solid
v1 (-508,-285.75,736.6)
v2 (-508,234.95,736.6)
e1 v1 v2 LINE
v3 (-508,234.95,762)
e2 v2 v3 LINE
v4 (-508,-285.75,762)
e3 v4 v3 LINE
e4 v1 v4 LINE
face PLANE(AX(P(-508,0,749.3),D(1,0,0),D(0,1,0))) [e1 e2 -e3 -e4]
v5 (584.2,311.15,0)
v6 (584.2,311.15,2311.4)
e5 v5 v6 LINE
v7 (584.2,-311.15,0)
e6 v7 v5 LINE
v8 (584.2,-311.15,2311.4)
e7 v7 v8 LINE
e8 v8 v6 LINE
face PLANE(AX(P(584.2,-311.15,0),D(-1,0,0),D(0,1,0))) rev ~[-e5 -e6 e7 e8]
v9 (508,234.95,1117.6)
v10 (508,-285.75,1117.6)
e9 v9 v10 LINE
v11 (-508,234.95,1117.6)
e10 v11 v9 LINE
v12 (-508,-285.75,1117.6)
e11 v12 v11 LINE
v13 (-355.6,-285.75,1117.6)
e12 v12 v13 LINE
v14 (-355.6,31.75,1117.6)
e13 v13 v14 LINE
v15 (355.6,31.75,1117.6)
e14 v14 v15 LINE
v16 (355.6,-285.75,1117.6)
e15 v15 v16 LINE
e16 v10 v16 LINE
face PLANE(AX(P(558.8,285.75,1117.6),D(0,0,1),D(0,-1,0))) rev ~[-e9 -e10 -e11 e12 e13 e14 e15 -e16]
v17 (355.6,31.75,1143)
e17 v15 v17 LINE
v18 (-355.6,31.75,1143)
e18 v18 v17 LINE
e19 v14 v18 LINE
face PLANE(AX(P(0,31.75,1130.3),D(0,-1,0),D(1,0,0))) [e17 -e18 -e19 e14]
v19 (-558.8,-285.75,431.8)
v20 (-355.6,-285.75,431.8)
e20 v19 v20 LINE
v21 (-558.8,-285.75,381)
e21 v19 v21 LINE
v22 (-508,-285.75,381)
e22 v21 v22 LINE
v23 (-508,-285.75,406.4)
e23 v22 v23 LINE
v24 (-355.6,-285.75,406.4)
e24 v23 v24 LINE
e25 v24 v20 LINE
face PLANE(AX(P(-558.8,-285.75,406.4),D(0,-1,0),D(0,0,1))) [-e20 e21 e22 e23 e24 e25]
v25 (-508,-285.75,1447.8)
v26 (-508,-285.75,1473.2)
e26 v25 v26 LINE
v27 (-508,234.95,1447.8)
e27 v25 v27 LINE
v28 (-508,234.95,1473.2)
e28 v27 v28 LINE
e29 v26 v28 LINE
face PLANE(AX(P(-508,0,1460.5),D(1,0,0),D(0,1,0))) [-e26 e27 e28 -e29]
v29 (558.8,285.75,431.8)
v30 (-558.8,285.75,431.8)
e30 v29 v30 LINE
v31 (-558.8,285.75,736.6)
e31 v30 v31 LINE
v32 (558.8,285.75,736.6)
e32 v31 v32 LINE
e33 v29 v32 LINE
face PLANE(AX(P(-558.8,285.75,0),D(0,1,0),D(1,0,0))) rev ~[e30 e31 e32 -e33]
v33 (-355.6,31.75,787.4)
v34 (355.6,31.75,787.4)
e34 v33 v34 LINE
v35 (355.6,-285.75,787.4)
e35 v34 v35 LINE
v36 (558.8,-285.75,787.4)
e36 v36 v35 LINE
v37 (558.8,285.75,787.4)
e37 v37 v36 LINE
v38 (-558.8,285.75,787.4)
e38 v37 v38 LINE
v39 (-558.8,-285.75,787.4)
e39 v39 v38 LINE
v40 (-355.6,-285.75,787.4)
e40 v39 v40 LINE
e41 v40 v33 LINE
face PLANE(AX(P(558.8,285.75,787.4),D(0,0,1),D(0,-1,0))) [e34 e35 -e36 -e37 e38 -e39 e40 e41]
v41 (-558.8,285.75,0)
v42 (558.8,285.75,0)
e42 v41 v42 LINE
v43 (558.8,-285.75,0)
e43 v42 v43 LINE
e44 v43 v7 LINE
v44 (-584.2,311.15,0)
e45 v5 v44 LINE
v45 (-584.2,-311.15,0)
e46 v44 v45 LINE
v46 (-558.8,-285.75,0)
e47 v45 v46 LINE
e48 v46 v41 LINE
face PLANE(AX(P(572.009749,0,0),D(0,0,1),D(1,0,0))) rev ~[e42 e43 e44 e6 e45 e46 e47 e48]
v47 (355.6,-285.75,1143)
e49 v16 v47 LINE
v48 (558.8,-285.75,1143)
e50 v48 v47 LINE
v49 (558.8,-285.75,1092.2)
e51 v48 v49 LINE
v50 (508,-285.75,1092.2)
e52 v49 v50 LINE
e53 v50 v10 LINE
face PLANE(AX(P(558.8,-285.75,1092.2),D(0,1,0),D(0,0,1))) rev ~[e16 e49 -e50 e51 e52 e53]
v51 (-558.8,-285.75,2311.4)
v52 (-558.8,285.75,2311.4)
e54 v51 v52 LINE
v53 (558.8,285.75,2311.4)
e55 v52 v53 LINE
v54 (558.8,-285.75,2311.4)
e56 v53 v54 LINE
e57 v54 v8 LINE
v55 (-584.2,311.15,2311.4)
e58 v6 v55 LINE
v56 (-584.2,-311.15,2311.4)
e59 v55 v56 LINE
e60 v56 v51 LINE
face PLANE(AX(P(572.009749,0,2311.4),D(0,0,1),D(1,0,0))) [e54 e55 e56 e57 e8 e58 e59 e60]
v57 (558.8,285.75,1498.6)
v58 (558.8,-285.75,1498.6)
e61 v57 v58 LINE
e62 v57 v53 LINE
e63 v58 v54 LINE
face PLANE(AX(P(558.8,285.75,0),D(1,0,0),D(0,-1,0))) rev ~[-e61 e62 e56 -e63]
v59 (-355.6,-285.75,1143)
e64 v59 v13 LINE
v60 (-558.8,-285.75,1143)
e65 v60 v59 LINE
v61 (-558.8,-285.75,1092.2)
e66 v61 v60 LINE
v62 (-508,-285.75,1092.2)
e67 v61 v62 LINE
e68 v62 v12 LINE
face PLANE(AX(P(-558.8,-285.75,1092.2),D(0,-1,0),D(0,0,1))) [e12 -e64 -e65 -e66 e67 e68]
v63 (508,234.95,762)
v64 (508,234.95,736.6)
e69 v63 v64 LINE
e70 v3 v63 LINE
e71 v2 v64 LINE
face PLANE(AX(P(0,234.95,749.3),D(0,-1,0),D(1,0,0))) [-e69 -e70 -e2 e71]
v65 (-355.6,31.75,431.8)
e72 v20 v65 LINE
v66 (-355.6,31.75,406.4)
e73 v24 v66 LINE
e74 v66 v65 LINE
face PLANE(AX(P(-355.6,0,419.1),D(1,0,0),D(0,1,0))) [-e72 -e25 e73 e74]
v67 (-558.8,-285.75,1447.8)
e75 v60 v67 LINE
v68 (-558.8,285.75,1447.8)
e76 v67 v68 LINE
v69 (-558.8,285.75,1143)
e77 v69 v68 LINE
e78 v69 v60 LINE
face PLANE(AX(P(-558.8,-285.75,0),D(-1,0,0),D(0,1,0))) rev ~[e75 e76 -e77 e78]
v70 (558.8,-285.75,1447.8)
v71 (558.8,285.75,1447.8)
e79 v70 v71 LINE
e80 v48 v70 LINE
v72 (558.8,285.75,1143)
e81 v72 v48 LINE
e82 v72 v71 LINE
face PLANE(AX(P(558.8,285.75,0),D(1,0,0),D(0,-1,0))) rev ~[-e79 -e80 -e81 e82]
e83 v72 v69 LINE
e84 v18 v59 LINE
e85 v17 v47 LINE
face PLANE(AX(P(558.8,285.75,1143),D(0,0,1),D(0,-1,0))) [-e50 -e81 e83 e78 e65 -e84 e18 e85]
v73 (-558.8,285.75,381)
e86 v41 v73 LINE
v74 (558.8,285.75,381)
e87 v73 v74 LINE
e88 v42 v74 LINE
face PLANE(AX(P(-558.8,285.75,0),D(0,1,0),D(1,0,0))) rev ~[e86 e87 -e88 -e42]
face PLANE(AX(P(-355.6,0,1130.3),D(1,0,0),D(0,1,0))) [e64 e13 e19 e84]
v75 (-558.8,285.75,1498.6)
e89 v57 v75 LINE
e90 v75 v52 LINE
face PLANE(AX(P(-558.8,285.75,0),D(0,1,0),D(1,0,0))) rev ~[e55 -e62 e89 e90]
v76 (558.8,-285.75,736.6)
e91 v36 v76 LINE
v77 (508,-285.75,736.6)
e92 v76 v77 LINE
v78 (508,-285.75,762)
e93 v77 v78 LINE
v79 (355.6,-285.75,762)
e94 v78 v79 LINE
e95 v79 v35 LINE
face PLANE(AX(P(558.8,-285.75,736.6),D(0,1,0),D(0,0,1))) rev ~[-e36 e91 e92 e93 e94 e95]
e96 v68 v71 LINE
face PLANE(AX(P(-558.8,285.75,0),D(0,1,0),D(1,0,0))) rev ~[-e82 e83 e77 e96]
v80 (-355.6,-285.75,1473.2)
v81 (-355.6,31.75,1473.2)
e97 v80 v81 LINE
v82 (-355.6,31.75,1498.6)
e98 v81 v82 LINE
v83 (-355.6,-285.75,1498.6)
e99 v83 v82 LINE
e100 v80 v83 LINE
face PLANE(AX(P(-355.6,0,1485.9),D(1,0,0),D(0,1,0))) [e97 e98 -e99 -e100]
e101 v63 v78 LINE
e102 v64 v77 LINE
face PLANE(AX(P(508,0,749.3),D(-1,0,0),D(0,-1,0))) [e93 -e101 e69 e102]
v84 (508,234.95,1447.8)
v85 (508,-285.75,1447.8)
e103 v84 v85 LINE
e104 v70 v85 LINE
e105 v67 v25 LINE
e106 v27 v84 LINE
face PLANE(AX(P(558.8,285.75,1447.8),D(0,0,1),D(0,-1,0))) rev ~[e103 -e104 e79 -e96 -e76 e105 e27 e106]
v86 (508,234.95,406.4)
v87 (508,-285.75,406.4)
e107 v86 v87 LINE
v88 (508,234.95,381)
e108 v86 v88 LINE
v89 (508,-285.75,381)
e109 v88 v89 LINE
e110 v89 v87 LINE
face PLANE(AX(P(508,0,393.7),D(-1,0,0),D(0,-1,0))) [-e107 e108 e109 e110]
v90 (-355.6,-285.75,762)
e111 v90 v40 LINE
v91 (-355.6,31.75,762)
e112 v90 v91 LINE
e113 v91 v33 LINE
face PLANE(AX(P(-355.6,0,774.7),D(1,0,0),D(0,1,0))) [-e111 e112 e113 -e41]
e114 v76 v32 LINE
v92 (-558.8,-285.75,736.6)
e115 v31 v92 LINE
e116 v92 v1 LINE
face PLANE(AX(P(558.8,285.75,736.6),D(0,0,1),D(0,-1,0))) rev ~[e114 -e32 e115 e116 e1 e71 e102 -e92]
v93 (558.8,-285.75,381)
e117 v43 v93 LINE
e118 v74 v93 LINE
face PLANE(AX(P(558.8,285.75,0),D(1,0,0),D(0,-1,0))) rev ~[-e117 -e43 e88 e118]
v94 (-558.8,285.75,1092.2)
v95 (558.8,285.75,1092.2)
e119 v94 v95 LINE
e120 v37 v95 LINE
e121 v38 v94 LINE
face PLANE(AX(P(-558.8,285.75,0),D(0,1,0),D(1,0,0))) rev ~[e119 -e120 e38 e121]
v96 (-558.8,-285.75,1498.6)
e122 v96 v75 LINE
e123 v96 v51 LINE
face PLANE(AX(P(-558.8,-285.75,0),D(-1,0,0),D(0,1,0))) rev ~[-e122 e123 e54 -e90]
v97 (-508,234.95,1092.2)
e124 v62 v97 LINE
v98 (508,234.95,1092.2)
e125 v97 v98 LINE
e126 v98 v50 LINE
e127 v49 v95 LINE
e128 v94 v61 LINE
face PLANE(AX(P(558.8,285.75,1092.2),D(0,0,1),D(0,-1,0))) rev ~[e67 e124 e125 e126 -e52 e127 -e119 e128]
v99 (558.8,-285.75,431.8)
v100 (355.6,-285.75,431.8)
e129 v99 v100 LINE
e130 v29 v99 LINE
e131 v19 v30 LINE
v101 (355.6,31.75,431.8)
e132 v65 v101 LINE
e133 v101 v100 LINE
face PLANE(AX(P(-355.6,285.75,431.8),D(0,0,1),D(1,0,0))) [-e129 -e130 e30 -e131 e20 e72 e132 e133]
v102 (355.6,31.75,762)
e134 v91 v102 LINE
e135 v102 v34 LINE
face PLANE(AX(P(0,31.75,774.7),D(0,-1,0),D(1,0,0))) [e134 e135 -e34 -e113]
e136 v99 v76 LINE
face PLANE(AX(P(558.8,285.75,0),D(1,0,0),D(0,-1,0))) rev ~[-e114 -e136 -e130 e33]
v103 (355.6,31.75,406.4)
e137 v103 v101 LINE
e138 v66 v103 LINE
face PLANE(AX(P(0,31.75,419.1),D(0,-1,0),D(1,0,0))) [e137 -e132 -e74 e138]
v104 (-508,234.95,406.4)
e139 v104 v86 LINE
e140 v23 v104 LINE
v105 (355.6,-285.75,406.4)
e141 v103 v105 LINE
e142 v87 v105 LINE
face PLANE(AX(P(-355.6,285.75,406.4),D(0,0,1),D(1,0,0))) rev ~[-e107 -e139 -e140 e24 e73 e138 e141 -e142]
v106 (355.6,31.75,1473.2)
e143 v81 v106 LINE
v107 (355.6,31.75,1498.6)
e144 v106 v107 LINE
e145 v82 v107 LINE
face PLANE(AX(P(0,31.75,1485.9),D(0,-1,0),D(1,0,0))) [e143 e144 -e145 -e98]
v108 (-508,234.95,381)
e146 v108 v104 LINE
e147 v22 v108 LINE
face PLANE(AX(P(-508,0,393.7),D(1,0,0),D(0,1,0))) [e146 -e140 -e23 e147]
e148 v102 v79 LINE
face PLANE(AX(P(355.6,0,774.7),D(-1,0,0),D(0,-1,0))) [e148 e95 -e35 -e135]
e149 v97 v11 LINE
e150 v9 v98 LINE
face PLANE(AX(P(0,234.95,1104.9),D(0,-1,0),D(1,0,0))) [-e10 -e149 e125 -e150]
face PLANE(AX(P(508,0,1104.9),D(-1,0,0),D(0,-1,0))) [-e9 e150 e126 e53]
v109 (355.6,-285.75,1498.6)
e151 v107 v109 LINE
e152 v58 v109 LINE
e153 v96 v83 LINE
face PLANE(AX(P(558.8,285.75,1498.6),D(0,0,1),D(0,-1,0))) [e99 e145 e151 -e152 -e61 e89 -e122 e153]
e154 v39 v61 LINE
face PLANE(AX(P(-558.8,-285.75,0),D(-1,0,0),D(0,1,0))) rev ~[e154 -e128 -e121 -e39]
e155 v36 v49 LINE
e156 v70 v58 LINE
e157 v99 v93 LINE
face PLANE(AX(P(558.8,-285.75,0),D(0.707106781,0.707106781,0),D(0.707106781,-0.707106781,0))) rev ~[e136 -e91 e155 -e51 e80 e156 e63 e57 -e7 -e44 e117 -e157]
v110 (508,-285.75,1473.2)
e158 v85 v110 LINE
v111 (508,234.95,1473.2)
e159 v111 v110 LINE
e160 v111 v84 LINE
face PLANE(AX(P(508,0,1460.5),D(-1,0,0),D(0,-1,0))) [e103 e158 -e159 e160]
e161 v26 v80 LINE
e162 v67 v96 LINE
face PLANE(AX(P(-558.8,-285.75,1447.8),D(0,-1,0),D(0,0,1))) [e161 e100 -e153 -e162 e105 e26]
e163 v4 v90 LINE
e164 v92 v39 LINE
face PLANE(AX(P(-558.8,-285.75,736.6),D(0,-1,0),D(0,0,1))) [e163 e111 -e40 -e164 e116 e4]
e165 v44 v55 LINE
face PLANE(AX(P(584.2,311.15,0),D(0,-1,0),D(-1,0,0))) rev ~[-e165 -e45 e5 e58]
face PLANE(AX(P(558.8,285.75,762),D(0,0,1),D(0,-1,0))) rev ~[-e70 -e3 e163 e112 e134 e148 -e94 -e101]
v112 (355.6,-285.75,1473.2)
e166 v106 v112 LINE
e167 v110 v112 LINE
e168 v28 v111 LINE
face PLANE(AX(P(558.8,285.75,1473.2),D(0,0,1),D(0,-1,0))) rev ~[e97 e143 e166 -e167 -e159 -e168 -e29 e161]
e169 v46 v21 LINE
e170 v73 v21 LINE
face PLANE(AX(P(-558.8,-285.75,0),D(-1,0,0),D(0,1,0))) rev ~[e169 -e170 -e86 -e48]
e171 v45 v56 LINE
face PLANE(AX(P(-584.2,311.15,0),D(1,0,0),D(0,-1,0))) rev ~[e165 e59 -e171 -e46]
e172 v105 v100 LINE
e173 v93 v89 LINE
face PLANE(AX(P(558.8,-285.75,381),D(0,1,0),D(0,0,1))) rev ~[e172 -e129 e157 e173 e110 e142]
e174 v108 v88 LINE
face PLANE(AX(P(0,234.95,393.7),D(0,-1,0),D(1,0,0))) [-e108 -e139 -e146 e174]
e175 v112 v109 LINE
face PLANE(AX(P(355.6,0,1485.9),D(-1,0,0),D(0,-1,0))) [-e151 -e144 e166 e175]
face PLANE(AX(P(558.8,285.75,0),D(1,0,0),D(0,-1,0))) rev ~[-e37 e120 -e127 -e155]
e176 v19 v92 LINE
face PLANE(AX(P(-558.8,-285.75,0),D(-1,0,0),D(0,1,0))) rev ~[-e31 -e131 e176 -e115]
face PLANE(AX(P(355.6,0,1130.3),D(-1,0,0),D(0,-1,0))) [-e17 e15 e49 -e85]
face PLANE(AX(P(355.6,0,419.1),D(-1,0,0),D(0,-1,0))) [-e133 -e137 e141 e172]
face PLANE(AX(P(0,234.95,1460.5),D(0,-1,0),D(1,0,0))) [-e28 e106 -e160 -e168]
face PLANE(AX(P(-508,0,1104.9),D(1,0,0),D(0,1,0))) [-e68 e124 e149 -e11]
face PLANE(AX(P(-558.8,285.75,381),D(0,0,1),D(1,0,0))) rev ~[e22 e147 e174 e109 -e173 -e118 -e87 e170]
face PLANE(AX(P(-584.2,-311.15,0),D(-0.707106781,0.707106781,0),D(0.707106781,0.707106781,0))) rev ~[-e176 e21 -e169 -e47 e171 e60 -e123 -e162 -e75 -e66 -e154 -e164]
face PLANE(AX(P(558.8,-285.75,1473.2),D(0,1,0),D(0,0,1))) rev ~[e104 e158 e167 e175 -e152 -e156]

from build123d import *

# Parameters (mm, degrees)
F1_DEPTH  = 2311.4
F3_DEPTH  = 2311.4
F4_DEPTH  = 2311.4
F2_W      = 1117.6
F2_H      = 25.4
F9_DEPTH  = 50.8
F7_W      = 571.5
F7_H      = 25.4
F10_DEPTH = 50.8
F8_W      = 571.5
F8_H      = 25.4
F11_DEPTH = 50.8
F12_W     = 571.5
F12_H     = 25.4
F13_DEPTH = 203.2
F14_W     = 571.5
F14_H     = 25.4
F15_DEPTH = 203.2
F16_W     = 711.2
F16_H     = 25.4
F17_DEPTH = 254


with BuildPart() as f1:
    # F0 (on Top) → F1 (new body)
    with BuildSketch(Plane.XY):
        Polygon((-558.8, 285.75), (558.8, 285.75), (584.2, 311.15), (-584.2, 311.15), align=None)
    extrude(amount=F1_DEPTH)

    # F0 (on Top) → F3 (join)
    with BuildSketch(Plane.XY):
        Polygon((-558.8, -285.75), (-558.8, 285.75), (-584.2, 311.15), (-584.2, -311.15), align=None)
    extrude(amount=F3_DEPTH)

    # F0 (on Top) → F4 (join)
    with BuildSketch(Plane.XY):
        Polygon((558.8, 285.75), (558.8, -285.75), (584.2, -311.15), (584.2, 311.15), align=None)
    extrude(amount=F4_DEPTH)

    # F2 (on face) → F9 (join)
    with BuildSketch(Plane.XZ.offset(-285.75)):
        with Locations((0, 393.7)):
            Rectangle(F2_W, F2_H)
        with Locations((0, 749.3)):
            Rectangle(F2_W, F2_H)
        with Locations((0, 1104.9)):
            Rectangle(F2_W, F2_H)
        with Locations((0, 1460.5)):
            Rectangle(F2_W, F2_H)
    extrude(amount=F9_DEPTH)

    # F7 (on face) → F10 (join)
    with BuildSketch(Plane.YZ.offset(-558.8)):
        with Locations((0, 1460.5)):
            Rectangle(F7_W, F7_H)
        with Locations((0, 1104.9)):
            Rectangle(F7_W, F7_H)
        with Locations((0, 749.3)):
            Rectangle(F7_W, F7_H)
        with Locations((0, 393.7)):
            Rectangle(F7_W, F7_H)
    extrude(amount=F10_DEPTH)

    # F8 (on face) → F11 (join)
    with BuildSketch(Plane(origin=(558.8, 0, 0), x_dir=(0, -1, 0), z_dir=(-1, 0, 0))):
        with Locations((0, 393.7)):
            Rectangle(F8_W, F8_H)
        with Locations((0, 749.3)):
            Rectangle(F8_W, F8_H)
        with Locations((0, 1104.9)):
            Rectangle(F8_W, F8_H)
        with Locations((0, 1460.5)):
            Rectangle(F8_W, F8_H)
    extrude(amount=F11_DEPTH)

    # F12 (on face) → F13 (join)
    with BuildSketch(Plane.YZ.offset(-558.8)):
        with Locations((0, 419.1)):
            Rectangle(F12_W, F12_H)
        with Locations((0, 774.7)):
            Rectangle(F12_W, F12_H)
        Polygon((234.95, 1117.6), (285.75, 1117.6), (285.75, 1143), (-285.75, 1143), (-285.75, 1117.6), align=None)
        with Locations((0, 1485.9)):
            Rectangle(F12_W, F12_H)
    extrude(amount=F13_DEPTH)

    # F14 (on face) → F15 (join)
    with BuildSketch(Plane(origin=(558.8, 0, 0), x_dir=(0, -1, 0), z_dir=(-1, 0, 0))):
        with Locations((0, 1485.9)):
            Rectangle(F14_W, F14_H)
        with Locations((0, 774.7)):
            Rectangle(F14_W, F14_H)
        with Locations((0, 419.1)):
            Rectangle(F14_W, F14_H)
        with Locations((0, 1130.3)):
            Rectangle(F14_W, F14_H)
    extrude(amount=F15_DEPTH)

    # F16 (on face) → F17 (join)
    with BuildSketch(Plane.XZ.offset(-285.75)):
        with Locations((0, 419.1)):
            Rectangle(F16_W, F16_H)
        with Locations((0, 1485.9)):
            Rectangle(F16_W, F16_H)
        with Locations((0, 774.7)):
            Rectangle(F16_W, F16_H)
        with Locations((0, 1130.3)):
            Rectangle(F16_W, F16_H)
    extrude(amount=F17_DEPTH)


solid = f1.part
